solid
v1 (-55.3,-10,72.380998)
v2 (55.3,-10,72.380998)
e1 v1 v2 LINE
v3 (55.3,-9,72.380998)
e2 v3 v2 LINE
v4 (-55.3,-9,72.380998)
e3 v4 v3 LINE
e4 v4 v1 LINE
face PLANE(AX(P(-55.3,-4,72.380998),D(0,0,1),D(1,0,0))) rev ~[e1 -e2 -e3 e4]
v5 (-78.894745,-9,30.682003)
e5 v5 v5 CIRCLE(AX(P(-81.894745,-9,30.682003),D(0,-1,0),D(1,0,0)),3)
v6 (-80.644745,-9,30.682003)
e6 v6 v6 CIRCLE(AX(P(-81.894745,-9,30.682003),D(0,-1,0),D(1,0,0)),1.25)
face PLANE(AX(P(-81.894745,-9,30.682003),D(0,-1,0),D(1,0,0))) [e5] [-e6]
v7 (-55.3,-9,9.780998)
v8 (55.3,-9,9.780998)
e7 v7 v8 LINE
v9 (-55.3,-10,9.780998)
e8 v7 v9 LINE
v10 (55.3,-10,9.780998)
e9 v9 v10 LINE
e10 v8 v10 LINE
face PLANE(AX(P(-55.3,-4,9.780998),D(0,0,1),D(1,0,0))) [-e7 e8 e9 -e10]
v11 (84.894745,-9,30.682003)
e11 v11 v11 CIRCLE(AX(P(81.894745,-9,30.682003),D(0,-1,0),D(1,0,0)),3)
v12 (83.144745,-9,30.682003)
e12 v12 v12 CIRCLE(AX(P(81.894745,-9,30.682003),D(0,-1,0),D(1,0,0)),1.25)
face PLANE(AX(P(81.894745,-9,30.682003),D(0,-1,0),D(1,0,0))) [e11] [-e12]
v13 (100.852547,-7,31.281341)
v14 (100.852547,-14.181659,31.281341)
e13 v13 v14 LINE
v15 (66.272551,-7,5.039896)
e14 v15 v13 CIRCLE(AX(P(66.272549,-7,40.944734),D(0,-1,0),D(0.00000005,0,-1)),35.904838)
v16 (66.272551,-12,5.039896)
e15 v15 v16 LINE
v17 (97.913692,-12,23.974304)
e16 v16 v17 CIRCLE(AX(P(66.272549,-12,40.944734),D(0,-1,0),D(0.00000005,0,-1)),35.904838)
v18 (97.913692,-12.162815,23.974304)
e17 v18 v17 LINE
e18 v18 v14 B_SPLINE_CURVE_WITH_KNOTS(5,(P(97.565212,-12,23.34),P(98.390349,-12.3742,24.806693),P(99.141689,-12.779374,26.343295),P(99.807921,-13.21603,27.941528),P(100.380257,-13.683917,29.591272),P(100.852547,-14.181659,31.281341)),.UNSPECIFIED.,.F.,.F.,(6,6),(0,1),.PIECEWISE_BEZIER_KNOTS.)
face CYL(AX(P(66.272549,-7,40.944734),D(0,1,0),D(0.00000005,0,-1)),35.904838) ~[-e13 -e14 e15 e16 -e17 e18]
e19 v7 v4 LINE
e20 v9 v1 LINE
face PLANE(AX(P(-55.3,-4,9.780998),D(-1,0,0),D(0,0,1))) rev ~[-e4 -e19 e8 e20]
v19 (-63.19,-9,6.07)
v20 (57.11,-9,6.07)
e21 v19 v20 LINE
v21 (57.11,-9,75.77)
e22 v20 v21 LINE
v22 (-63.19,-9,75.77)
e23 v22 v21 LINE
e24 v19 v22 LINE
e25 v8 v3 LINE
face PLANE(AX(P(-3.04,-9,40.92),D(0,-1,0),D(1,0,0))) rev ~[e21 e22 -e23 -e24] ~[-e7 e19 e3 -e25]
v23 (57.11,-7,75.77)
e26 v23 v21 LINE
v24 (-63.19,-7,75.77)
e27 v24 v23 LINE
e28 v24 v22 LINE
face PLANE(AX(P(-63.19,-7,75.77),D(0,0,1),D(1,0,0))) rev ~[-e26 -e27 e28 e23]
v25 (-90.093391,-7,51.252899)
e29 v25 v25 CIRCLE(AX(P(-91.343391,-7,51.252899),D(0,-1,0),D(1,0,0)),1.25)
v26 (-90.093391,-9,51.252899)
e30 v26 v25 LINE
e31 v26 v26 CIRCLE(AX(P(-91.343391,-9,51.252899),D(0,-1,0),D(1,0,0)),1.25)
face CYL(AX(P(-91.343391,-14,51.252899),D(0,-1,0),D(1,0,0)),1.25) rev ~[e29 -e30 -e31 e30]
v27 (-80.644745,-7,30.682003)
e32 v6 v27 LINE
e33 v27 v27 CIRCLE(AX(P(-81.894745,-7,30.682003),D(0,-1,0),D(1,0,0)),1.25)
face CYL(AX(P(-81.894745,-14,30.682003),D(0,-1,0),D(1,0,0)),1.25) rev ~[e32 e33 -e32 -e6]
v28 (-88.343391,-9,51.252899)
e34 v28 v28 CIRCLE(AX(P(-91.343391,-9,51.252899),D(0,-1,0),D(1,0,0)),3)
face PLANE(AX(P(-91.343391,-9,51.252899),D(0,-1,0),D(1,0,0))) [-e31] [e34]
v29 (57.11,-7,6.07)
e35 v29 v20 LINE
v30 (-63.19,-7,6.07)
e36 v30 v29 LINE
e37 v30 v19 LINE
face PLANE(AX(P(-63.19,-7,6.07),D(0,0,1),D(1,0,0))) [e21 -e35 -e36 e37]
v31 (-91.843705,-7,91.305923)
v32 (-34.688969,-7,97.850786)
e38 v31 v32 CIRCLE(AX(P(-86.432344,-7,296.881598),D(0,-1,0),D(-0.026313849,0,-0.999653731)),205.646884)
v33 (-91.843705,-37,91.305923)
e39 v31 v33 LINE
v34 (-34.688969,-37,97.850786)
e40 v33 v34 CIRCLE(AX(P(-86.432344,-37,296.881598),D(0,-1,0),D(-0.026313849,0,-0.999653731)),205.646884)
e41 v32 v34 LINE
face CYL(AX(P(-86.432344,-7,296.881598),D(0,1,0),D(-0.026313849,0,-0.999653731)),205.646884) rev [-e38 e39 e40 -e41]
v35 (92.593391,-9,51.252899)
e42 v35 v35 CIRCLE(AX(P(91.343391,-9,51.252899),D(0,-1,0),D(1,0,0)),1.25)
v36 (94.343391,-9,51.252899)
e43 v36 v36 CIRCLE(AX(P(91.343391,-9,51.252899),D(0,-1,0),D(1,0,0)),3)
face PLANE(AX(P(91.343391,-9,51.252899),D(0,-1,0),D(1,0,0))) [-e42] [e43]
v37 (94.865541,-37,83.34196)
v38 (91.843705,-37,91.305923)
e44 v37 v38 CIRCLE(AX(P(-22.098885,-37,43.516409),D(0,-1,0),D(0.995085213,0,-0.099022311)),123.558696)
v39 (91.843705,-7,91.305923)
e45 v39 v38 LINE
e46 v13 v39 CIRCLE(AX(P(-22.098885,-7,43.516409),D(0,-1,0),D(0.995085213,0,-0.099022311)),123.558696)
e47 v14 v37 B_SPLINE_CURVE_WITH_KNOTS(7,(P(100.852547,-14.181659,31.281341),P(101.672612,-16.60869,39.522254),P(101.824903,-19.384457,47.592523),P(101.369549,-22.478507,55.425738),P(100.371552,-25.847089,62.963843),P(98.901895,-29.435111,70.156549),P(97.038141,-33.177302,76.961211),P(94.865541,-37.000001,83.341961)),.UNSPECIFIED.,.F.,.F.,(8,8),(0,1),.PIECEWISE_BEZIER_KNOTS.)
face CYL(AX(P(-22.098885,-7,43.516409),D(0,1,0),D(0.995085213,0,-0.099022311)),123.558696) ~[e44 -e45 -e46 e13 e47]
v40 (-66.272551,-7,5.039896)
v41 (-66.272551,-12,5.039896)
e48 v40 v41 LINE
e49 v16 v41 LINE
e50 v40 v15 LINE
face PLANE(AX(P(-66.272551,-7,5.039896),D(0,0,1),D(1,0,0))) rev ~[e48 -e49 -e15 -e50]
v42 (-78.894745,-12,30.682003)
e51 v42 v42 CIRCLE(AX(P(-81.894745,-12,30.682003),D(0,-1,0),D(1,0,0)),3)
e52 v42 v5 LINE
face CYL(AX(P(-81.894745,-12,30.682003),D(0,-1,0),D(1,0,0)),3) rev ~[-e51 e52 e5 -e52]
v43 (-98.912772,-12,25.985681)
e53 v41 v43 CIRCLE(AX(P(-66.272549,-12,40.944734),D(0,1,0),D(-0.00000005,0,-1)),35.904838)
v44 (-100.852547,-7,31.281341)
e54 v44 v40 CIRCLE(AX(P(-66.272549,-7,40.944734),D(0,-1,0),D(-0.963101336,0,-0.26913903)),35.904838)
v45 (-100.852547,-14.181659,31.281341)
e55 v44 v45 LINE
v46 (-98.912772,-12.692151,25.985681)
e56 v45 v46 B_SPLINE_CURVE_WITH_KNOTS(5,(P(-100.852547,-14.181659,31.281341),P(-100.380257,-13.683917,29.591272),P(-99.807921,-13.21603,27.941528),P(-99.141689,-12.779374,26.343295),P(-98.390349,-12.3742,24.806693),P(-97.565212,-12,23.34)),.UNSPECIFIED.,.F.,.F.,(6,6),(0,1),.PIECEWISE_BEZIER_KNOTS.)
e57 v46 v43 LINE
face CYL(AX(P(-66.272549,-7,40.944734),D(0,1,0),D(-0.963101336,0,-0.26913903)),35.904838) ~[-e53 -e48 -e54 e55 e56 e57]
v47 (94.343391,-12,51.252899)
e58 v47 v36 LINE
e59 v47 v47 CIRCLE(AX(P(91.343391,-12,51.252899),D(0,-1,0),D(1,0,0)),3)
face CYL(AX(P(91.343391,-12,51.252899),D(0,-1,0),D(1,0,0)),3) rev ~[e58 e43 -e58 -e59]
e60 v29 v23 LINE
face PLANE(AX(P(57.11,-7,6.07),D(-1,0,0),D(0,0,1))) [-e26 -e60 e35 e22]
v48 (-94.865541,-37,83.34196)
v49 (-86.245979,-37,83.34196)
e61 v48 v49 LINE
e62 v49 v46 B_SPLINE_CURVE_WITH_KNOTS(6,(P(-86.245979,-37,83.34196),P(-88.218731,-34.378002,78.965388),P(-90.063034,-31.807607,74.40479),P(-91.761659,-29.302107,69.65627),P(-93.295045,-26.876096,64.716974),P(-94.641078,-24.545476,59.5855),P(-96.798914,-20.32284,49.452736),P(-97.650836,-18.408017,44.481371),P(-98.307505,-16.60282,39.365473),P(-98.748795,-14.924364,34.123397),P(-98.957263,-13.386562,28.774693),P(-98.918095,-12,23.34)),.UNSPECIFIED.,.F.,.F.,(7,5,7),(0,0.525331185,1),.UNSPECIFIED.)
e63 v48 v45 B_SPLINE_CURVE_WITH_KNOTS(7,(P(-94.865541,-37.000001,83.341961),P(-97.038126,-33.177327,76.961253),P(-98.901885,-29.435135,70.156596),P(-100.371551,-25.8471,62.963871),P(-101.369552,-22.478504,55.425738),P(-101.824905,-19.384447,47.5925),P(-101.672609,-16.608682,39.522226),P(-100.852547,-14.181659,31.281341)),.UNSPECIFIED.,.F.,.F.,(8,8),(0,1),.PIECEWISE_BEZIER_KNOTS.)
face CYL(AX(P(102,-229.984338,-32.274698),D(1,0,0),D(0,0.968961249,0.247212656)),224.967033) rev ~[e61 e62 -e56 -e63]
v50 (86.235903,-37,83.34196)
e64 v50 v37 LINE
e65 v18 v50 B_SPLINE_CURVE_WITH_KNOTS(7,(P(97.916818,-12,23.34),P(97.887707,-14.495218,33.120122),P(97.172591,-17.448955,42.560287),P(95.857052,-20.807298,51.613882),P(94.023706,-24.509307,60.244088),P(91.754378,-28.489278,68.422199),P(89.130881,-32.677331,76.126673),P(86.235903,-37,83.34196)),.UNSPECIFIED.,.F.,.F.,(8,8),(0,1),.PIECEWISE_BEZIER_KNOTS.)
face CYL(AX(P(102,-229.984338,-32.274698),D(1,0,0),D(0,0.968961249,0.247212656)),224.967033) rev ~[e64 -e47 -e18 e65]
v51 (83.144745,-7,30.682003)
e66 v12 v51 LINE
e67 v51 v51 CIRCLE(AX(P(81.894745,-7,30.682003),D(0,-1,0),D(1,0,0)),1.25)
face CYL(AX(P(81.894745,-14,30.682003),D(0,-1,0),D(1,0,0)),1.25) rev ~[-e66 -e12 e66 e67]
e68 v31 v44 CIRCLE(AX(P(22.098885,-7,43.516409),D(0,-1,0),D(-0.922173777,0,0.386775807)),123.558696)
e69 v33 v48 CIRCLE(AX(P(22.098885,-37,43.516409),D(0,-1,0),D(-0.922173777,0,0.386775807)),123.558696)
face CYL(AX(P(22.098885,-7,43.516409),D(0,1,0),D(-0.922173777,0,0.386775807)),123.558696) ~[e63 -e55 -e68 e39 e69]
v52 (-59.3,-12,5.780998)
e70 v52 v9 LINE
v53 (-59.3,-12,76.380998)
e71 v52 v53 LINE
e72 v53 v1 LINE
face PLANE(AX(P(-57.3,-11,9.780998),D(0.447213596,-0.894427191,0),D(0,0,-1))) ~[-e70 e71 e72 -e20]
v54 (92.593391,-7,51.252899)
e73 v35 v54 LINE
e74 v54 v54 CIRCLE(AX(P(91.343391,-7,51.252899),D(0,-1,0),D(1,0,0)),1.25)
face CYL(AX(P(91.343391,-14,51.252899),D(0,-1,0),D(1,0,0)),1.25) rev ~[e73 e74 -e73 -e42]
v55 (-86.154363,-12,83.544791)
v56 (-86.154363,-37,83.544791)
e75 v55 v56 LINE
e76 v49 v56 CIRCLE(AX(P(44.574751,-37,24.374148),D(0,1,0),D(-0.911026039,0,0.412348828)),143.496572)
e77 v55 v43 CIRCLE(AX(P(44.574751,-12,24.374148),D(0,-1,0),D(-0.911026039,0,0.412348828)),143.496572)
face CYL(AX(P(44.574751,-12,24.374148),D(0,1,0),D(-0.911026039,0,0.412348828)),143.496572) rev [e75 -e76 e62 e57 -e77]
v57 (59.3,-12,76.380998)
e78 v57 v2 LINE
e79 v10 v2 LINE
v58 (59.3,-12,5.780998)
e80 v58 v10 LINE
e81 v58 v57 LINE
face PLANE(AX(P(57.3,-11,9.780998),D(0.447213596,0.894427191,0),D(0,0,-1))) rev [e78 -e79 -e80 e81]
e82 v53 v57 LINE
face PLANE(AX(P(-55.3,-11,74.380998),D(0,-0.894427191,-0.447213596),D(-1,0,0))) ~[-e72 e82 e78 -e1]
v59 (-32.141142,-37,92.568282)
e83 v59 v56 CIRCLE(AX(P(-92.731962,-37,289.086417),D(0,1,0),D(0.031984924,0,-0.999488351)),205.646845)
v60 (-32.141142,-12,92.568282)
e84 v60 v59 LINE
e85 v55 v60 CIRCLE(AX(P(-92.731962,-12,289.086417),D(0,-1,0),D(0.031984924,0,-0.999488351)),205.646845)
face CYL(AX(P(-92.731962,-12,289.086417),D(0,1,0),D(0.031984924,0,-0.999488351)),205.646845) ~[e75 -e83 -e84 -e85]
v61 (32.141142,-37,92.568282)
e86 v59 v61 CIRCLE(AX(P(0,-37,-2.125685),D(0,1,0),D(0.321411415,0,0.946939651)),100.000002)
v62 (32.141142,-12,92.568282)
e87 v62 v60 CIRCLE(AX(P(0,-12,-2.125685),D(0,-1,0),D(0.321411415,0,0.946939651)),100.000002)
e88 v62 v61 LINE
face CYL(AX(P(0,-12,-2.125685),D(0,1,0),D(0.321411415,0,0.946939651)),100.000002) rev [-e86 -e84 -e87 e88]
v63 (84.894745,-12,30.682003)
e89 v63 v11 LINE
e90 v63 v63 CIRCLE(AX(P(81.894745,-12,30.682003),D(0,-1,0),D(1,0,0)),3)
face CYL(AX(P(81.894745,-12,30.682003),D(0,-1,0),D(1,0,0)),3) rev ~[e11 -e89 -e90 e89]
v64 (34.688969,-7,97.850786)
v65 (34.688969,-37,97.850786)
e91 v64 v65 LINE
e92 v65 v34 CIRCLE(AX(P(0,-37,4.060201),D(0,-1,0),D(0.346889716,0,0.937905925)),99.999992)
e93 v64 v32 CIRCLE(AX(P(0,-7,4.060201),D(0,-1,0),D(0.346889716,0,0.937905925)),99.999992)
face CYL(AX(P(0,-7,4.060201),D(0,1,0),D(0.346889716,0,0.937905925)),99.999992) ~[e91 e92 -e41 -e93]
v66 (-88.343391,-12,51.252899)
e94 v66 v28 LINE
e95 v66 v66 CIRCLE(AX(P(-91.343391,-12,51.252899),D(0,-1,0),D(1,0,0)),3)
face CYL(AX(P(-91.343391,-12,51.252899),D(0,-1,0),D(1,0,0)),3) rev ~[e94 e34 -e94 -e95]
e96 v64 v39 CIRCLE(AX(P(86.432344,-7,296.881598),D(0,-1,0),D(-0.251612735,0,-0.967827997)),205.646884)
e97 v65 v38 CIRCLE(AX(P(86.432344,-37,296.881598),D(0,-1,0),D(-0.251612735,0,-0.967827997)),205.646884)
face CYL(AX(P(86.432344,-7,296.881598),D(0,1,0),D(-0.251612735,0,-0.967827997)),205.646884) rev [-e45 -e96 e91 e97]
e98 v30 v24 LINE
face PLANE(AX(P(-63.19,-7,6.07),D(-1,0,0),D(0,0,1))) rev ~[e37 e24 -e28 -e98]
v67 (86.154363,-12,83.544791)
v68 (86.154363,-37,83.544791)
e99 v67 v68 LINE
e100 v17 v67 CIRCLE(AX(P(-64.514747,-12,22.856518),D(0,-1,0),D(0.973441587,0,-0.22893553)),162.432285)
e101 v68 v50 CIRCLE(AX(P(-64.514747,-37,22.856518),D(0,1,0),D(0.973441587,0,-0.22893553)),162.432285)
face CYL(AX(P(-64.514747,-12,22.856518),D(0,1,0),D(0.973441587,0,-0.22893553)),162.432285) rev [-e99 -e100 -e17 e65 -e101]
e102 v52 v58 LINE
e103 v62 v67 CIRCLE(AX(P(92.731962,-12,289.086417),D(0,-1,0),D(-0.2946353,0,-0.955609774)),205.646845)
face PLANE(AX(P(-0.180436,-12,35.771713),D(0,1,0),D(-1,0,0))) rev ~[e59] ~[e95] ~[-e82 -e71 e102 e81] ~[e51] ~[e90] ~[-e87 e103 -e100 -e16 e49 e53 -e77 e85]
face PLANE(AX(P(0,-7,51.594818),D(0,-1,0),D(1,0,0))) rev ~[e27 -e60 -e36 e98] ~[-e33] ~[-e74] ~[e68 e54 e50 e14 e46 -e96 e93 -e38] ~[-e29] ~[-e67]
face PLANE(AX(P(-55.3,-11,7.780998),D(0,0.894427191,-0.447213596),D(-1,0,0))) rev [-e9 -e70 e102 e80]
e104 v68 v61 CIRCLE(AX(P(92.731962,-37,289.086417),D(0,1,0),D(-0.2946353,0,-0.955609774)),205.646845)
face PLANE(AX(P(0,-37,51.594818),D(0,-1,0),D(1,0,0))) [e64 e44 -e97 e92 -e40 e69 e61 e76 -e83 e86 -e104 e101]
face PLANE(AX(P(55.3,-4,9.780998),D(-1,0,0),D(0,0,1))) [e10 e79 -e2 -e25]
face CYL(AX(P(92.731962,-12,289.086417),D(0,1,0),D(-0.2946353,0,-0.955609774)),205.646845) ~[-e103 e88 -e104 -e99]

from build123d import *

# Parameters (mm, degrees)
PAD023_DEPTH     = 30
POCKET022_DEPTH  = 203.460811
POCKET023_DEPTH  = 25.001
SKETCH049_W      = 110.6
SKETCH049_H      = 62.6
POCKET024_DEPTH  = 33.001
SKETCH051_W      = 120.3
SKETCH051_H      = 69.7
POCKET025_DEPTH  = 2
CHAMFER001_SIZE2 = 2
CHAMFER001_SIZE  = 4
SKETCH054_R      = 1.25
POCKET029_DEPTH  = 7.001
SKETCH052_R      = 3
POCKET030_DEPTH  = 3


with BuildPart() as part:
    # Sketch045 → Pad023 (new body)
    with BuildSketch(Plane.XZ.offset(7)):
        with BuildLine():
            ThreePointArc((-100.852547, 31.281341), (-87.977329, 12.342987), (-66.272551, 5.039896))
            Line((-66.272551, 5.039896), (66.272551, 5.039896))
            ThreePointArc((66.272551, 5.039896), (87.977329, 12.342987), (100.852547, 31.281341))
            ThreePointArc((100.852547, 31.281341), (100.091262, 61.855424), (91.843705, 91.305923))
            ThreePointArc((34.688969, 97.850786), (63.036347, 92.569904), (91.843705, 91.305923))
            ThreePointArc((34.688969, 97.850786), (0, 104.060193), (-34.688969, 97.850786))
            ThreePointArc((-91.843705, 91.305923), (-63.036347, 92.569904), (-34.688969, 97.850786))
            ThreePointArc((-91.843705, 91.305923), (-100.091262, 61.855424), (-100.852547, 31.281341))
        make_face()
    extrude(amount=PAD023_DEPTH)

    # Sketch048 → Pocket022 (cut, through all)
    with BuildSketch(Plane.YZ.offset(102)):
        with BuildLine():
            ThreePointArc((-12, 23.34), (-23.12479, 56.152072), (-39.155961, 86.866801))
            Line((-39.155961, 23.34), (-39.155961, 86.866801))
            Line((-39.155961, 23.34), (-12, 23.34))
        make_face()
    extrude(amount=-POCKET022_DEPTH, mode=Mode.SUBTRACT)

    # Sketch050 → Pocket023 (cut, through all)
    with BuildSketch(Plane.XZ.offset(12)):
        with BuildLine():
            ThreePointArc((-86.154363, 83.544791), (-58.846051, 86.250597), (-32.141142, 92.568282))
            ThreePointArc((32.141142, 92.568282), (0, 97.874317), (-32.141142, 92.568282))
            ThreePointArc((32.141142, 92.568282), (58.846051, 86.250597), (86.154363, 83.544791))
            ThreePointArc((93.603594, -14.330003), (97.449111, 35.183555), (86.154363, 83.544791))
            Line((-93.603594, -14.330003), (93.603594, -14.330003))
            ThreePointArc((-86.154363, 83.544791), (-98.508002, 35.264147), (-93.603594, -14.330003))
        make_face()
    extrude(amount=POCKET023_DEPTH, mode=Mode.SUBTRACT)

    # Sketch049 → Pocket024 (cut, through all)
    with BuildSketch(Plane.XZ.offset(4)):
        with Locations((0, 41.080998)):
            Rectangle(SKETCH049_W, SKETCH049_H)
    extrude(amount=POCKET024_DEPTH, mode=Mode.SUBTRACT)

    # Sketch051 → Pocket025 (cut)
    with BuildSketch(Plane(origin=(0, -7, 41), x_dir=(1, 0, 0), z_dir=(0, -1, 0))):
        with Locations((-3.04, -0.08)):
            Rectangle(SKETCH051_W, SKETCH051_H)
    extrude(amount=POCKET025_DEPTH, mode=Mode.SUBTRACT)

    # Chamfer001
    chamfer001_edges = [part.edges().sort_by_distance(p)[0] for p in [
        (55.3, -12, 41.080998),
        (0, -12, 72.380998),
        (-55.3, -12, 41.080998),
        (0, -12, 9.780998),
    ]]
    chamfer001_side = part.faces().sort_by_distance((-83.299387, -12, 11.829323))[0]
    chamfer(chamfer001_edges, length=CHAMFER001_SIZE, length2=CHAMFER001_SIZE2, reference=chamfer001_side)

    # Sketch054 → Pocket029 (cut, through all)
    with BuildSketch(Plane.XZ.offset(14)):
        with Locations((-81.894745, 30.682003)):
            Circle(SKETCH054_R)
        with Locations((-91.343391, 51.252899)):
            Circle(SKETCH054_R)
        with Locations((91.343391, 51.252899)):
            Circle(SKETCH054_R)
        with Locations((81.894745, 30.682003)):
            Circle(SKETCH054_R)
    extrude(amount=-POCKET029_DEPTH, mode=Mode.SUBTRACT)

    # Sketch052 → Pocket030 (cut)
    with BuildSketch(Plane.XZ.offset(12)):
        with Locations((-81.894745, 30.682003)):
            Circle(SKETCH052_R)
        with Locations((81.894745, 30.682003)):
            Circle(SKETCH052_R)
        with Locations((91.343391, 51.252899)):
            Circle(SKETCH052_R)
        with Locations((-91.343391, 51.252899)):
            Circle(SKETCH052_R)
    extrude(amount=-POCKET030_DEPTH, mode=Mode.SUBTRACT)


solid = part.part
